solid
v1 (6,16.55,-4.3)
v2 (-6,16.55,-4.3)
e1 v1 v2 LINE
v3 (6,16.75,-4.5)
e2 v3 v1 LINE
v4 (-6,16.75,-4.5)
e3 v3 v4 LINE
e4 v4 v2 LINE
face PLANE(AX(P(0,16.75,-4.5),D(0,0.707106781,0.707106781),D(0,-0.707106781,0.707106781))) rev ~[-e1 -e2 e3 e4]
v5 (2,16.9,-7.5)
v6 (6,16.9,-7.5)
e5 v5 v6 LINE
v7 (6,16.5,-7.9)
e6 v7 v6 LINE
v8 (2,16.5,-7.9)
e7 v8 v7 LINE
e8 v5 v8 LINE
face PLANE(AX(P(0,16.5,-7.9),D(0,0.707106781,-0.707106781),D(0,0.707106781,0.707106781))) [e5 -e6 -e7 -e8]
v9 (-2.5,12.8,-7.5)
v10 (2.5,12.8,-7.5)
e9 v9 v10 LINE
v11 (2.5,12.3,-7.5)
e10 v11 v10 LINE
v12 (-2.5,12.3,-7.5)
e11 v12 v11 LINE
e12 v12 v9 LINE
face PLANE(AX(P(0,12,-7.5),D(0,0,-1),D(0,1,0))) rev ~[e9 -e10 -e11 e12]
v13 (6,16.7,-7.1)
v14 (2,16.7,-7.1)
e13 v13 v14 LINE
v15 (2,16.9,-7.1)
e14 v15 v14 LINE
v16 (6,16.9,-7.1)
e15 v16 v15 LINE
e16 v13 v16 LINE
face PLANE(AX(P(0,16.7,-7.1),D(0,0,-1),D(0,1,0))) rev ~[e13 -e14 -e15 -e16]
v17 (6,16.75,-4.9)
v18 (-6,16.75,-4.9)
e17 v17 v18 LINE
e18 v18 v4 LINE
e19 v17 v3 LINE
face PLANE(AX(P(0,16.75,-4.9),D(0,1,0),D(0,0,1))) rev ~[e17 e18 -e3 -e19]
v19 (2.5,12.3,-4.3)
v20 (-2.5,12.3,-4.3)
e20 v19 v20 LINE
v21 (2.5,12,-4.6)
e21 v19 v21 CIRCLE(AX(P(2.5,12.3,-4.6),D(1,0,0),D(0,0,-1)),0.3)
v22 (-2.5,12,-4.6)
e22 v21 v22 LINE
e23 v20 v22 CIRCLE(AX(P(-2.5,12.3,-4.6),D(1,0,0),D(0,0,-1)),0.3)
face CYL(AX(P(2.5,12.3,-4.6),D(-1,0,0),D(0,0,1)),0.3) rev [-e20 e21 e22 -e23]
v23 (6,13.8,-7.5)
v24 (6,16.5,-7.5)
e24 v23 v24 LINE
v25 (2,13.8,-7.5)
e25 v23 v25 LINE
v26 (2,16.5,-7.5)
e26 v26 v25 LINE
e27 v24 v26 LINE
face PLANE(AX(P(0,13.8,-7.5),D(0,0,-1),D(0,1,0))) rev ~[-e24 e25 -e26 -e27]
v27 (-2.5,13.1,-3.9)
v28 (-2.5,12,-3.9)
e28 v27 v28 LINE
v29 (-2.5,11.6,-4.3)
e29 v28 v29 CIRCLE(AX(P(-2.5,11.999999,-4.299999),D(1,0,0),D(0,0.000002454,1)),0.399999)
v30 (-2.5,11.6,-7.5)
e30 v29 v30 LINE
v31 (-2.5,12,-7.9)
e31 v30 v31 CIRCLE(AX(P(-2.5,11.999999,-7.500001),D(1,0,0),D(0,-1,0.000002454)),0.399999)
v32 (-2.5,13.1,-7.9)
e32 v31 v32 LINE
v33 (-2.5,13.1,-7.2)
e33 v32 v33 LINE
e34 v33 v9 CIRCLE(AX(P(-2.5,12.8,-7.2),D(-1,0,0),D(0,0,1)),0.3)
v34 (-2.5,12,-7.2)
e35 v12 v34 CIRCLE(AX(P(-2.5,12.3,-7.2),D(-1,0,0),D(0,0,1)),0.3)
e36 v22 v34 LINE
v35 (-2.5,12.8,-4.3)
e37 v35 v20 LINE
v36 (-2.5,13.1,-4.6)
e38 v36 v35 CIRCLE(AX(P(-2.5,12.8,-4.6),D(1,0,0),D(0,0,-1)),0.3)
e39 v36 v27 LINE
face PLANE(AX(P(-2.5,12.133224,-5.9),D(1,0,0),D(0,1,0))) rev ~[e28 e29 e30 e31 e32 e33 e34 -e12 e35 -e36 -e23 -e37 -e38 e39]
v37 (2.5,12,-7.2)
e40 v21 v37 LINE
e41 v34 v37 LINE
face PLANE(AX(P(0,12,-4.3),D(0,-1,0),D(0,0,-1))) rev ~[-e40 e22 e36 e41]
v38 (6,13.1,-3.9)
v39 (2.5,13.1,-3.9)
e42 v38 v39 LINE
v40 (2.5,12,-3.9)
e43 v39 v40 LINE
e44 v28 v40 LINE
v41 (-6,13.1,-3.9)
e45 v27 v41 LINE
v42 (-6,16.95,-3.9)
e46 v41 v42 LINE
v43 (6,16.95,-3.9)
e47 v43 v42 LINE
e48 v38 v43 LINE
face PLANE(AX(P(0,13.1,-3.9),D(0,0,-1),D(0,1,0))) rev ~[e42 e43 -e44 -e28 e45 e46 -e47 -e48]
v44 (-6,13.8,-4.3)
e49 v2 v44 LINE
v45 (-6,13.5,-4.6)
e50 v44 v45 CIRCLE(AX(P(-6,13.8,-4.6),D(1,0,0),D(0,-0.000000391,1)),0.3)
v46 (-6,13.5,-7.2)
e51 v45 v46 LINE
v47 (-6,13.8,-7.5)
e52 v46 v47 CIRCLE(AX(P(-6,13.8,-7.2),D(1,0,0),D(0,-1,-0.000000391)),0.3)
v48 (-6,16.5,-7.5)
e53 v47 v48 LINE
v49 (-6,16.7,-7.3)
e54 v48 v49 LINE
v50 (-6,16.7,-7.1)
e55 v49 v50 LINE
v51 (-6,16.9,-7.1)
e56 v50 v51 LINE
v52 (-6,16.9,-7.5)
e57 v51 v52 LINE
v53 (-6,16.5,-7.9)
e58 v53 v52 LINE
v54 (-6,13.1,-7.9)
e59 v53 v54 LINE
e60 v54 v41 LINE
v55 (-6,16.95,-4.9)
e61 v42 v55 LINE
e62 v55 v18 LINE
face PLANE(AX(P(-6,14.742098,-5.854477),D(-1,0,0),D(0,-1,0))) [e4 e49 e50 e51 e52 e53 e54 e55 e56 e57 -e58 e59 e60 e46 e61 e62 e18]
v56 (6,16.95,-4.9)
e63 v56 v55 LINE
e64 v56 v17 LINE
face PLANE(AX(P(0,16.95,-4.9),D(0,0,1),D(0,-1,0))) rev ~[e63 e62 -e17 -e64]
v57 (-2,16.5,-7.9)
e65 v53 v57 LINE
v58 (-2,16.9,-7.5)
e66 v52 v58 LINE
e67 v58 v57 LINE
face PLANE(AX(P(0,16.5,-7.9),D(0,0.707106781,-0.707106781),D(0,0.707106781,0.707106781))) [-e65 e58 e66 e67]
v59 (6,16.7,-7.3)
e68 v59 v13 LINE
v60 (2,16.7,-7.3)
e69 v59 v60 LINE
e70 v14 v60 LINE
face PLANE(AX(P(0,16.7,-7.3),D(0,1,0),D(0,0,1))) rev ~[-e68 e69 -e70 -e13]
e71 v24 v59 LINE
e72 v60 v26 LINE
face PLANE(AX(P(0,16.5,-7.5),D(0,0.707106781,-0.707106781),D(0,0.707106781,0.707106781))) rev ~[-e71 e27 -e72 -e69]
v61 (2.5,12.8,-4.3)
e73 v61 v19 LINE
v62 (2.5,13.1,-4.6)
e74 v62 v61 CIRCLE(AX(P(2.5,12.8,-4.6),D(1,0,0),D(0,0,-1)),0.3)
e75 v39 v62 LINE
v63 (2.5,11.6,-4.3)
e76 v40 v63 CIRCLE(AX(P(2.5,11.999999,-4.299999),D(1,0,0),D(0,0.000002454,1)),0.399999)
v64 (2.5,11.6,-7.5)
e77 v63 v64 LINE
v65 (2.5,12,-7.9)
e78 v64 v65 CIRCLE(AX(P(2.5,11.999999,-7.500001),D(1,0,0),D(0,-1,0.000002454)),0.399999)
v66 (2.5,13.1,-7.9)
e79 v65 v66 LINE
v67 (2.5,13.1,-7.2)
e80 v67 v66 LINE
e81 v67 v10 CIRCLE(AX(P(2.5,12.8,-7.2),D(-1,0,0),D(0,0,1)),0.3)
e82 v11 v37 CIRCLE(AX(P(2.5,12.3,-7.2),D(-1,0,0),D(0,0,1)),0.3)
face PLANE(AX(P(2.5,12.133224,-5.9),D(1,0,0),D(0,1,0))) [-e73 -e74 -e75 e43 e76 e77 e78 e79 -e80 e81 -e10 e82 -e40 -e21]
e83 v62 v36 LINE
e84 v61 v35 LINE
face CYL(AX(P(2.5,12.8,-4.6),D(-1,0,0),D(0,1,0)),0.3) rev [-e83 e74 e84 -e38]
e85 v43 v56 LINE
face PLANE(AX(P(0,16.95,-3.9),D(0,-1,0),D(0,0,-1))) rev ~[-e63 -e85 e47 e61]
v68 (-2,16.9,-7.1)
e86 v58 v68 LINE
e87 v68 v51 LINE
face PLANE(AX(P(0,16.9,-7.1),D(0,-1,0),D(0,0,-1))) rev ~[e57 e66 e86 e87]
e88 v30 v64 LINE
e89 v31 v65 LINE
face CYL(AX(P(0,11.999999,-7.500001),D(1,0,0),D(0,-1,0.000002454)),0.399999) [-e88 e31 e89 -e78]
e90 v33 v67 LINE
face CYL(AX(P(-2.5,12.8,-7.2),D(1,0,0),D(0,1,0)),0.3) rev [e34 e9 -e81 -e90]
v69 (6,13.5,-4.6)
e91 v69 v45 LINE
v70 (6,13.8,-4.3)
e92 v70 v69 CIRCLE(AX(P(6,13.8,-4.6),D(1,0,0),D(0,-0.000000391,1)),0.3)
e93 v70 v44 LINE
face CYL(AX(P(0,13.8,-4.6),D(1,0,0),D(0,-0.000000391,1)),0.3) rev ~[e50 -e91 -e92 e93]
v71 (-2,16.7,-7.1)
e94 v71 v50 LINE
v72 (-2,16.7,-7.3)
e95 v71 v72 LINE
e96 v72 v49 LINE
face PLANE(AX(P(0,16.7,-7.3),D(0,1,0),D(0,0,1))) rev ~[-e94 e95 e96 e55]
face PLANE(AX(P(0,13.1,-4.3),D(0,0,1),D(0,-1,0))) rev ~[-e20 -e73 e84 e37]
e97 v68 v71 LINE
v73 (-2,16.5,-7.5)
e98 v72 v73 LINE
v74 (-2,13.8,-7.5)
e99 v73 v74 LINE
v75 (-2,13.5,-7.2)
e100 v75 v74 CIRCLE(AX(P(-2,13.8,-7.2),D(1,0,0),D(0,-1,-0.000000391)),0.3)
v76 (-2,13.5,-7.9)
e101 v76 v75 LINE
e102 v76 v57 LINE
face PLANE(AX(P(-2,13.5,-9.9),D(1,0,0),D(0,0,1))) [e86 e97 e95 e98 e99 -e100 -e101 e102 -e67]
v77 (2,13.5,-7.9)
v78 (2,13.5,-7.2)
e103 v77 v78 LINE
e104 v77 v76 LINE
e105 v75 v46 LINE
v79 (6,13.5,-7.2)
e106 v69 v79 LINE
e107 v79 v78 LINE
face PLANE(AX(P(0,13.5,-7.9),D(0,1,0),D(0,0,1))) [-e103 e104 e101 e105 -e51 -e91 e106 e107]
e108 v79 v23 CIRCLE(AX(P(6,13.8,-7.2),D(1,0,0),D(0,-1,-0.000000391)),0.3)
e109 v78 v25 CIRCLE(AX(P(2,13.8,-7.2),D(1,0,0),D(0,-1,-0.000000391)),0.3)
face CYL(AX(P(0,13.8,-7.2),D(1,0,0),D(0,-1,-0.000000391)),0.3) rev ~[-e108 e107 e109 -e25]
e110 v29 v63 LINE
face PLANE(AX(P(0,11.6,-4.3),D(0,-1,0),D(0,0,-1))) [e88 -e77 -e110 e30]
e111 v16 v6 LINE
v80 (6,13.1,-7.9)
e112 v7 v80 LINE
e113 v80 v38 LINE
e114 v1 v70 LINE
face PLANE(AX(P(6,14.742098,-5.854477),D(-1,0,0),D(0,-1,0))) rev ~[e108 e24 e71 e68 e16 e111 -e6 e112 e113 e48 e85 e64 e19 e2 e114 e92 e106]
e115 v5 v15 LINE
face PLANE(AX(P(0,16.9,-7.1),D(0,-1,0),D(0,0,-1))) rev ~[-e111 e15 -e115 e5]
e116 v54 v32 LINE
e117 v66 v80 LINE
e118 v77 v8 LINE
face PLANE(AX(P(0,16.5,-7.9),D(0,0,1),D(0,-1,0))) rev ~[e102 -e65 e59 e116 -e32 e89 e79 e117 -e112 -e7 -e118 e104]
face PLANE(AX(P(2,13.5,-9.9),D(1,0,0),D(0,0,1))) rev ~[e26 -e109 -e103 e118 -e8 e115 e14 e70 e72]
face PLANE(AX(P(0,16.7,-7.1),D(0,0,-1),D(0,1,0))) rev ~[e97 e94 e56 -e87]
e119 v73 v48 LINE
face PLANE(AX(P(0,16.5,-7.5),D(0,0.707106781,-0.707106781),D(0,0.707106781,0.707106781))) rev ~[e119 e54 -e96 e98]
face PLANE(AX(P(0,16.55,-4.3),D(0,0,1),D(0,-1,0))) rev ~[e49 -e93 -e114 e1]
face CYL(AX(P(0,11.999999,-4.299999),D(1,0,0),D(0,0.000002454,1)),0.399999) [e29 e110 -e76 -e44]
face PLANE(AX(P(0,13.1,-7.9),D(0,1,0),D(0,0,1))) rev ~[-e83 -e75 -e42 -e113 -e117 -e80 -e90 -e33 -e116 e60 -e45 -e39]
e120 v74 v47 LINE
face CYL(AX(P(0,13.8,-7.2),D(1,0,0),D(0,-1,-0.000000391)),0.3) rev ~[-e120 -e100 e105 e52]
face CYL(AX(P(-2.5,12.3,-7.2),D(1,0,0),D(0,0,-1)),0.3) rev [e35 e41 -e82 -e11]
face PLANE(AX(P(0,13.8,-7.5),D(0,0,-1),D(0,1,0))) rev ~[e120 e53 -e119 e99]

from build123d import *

# Parameters (mm, degrees)
PAD011_DEPTH    = 6
SKETCH019_W     = 4
SKETCH019_H     = 4
POCKET002_DEPTH = 3.451
PAD012_DEPTH    = 2.5
FILLET004_R     = 0.3


with BuildPart() as part:
    # Sketch018 → Pad011 (new body, symmetric)
    with BuildSketch(Plane.YZ):
        with BuildLine():
            Line((13.1, -7.9), (13.1, -3.9))
            Line((13.1, -3.9), (16.95, -3.9))
            Line((16.95, -3.9), (16.95, -4.9))
            Line((16.95, -4.9), (16.75, -4.9))
            Line((16.75, -4.9), (16.75, -4.5))
            Line((16.75, -4.5), (16.55, -4.3))
            Line((16.55, -4.3), (13.8, -4.3))
            ThreePointArc((13.8, -4.3), (13.587868, -4.387868), (13.5, -4.6))
            Line((13.5, -4.6), (13.5, -7.2))
            ThreePointArc((13.5, -7.2), (13.587868, -7.412132), (13.8, -7.5))
            Line((13.8, -7.5), (16.5, -7.5))
            Line((16.5, -7.5), (16.7, -7.3))
            Line((16.7, -7.3), (16.7, -7.1))
            Line((16.7, -7.1), (16.9, -7.1))
            Line((16.9, -7.1), (16.9, -7.5))
            Line((16.5, -7.9), (16.9, -7.5))
            Line((16.5, -7.9), (13.1, -7.9))
        make_face()
    extrude(amount=PAD011_DEPTH, both=True)

    # Sketch019 (on Face10 of Pad011) → Pocket002 (cut, through all)
    with BuildSketch(Plane.ZX.offset(13.5)):
        with Locations((-7.9, 0)):
            Rectangle(SKETCH019_W, SKETCH019_H)
    extrude(amount=POCKET002_DEPTH, mode=Mode.SUBTRACT)

    # Sketch020 → Pad012 (join, symmetric)
    with BuildSketch(Plane.YZ):
        with BuildLine():
            Line((13.1, -3.9), (12, -3.9))
            ThreePointArc((12, -3.9), (11.717157, -4.017157), (11.6, -4.3))
            Line((11.6, -4.3), (11.6, -7.5))
            ThreePointArc((11.6, -7.5), (11.717157, -7.782843), (12, -7.9))
            Line((12, -7.9), (13.1, -7.9))
            Line((13.1, -7.9), (13.1, -7.5))
            Line((12, -7.5), (13.1, -7.5))
            Line((12, -4.3), (12, -7.5))
            Line((13.1, -4.3), (12, -4.3))
            Line((13.1, -4.3), (13.1, -3.9))
        make_face()
    extrude(amount=PAD012_DEPTH, both=True)

    # Fillet004
    fillet004_edges = [part.edges().sort_by_distance(p)[0] for p in [
        (0, 12, -4.3),
        (0, 12, -7.5),
        (0, 13.1, -7.5),
        (0, 13.1, -4.3),
    ]]
    fillet(fillet004_edges, radius=FILLET004_R)


solid = part.part
